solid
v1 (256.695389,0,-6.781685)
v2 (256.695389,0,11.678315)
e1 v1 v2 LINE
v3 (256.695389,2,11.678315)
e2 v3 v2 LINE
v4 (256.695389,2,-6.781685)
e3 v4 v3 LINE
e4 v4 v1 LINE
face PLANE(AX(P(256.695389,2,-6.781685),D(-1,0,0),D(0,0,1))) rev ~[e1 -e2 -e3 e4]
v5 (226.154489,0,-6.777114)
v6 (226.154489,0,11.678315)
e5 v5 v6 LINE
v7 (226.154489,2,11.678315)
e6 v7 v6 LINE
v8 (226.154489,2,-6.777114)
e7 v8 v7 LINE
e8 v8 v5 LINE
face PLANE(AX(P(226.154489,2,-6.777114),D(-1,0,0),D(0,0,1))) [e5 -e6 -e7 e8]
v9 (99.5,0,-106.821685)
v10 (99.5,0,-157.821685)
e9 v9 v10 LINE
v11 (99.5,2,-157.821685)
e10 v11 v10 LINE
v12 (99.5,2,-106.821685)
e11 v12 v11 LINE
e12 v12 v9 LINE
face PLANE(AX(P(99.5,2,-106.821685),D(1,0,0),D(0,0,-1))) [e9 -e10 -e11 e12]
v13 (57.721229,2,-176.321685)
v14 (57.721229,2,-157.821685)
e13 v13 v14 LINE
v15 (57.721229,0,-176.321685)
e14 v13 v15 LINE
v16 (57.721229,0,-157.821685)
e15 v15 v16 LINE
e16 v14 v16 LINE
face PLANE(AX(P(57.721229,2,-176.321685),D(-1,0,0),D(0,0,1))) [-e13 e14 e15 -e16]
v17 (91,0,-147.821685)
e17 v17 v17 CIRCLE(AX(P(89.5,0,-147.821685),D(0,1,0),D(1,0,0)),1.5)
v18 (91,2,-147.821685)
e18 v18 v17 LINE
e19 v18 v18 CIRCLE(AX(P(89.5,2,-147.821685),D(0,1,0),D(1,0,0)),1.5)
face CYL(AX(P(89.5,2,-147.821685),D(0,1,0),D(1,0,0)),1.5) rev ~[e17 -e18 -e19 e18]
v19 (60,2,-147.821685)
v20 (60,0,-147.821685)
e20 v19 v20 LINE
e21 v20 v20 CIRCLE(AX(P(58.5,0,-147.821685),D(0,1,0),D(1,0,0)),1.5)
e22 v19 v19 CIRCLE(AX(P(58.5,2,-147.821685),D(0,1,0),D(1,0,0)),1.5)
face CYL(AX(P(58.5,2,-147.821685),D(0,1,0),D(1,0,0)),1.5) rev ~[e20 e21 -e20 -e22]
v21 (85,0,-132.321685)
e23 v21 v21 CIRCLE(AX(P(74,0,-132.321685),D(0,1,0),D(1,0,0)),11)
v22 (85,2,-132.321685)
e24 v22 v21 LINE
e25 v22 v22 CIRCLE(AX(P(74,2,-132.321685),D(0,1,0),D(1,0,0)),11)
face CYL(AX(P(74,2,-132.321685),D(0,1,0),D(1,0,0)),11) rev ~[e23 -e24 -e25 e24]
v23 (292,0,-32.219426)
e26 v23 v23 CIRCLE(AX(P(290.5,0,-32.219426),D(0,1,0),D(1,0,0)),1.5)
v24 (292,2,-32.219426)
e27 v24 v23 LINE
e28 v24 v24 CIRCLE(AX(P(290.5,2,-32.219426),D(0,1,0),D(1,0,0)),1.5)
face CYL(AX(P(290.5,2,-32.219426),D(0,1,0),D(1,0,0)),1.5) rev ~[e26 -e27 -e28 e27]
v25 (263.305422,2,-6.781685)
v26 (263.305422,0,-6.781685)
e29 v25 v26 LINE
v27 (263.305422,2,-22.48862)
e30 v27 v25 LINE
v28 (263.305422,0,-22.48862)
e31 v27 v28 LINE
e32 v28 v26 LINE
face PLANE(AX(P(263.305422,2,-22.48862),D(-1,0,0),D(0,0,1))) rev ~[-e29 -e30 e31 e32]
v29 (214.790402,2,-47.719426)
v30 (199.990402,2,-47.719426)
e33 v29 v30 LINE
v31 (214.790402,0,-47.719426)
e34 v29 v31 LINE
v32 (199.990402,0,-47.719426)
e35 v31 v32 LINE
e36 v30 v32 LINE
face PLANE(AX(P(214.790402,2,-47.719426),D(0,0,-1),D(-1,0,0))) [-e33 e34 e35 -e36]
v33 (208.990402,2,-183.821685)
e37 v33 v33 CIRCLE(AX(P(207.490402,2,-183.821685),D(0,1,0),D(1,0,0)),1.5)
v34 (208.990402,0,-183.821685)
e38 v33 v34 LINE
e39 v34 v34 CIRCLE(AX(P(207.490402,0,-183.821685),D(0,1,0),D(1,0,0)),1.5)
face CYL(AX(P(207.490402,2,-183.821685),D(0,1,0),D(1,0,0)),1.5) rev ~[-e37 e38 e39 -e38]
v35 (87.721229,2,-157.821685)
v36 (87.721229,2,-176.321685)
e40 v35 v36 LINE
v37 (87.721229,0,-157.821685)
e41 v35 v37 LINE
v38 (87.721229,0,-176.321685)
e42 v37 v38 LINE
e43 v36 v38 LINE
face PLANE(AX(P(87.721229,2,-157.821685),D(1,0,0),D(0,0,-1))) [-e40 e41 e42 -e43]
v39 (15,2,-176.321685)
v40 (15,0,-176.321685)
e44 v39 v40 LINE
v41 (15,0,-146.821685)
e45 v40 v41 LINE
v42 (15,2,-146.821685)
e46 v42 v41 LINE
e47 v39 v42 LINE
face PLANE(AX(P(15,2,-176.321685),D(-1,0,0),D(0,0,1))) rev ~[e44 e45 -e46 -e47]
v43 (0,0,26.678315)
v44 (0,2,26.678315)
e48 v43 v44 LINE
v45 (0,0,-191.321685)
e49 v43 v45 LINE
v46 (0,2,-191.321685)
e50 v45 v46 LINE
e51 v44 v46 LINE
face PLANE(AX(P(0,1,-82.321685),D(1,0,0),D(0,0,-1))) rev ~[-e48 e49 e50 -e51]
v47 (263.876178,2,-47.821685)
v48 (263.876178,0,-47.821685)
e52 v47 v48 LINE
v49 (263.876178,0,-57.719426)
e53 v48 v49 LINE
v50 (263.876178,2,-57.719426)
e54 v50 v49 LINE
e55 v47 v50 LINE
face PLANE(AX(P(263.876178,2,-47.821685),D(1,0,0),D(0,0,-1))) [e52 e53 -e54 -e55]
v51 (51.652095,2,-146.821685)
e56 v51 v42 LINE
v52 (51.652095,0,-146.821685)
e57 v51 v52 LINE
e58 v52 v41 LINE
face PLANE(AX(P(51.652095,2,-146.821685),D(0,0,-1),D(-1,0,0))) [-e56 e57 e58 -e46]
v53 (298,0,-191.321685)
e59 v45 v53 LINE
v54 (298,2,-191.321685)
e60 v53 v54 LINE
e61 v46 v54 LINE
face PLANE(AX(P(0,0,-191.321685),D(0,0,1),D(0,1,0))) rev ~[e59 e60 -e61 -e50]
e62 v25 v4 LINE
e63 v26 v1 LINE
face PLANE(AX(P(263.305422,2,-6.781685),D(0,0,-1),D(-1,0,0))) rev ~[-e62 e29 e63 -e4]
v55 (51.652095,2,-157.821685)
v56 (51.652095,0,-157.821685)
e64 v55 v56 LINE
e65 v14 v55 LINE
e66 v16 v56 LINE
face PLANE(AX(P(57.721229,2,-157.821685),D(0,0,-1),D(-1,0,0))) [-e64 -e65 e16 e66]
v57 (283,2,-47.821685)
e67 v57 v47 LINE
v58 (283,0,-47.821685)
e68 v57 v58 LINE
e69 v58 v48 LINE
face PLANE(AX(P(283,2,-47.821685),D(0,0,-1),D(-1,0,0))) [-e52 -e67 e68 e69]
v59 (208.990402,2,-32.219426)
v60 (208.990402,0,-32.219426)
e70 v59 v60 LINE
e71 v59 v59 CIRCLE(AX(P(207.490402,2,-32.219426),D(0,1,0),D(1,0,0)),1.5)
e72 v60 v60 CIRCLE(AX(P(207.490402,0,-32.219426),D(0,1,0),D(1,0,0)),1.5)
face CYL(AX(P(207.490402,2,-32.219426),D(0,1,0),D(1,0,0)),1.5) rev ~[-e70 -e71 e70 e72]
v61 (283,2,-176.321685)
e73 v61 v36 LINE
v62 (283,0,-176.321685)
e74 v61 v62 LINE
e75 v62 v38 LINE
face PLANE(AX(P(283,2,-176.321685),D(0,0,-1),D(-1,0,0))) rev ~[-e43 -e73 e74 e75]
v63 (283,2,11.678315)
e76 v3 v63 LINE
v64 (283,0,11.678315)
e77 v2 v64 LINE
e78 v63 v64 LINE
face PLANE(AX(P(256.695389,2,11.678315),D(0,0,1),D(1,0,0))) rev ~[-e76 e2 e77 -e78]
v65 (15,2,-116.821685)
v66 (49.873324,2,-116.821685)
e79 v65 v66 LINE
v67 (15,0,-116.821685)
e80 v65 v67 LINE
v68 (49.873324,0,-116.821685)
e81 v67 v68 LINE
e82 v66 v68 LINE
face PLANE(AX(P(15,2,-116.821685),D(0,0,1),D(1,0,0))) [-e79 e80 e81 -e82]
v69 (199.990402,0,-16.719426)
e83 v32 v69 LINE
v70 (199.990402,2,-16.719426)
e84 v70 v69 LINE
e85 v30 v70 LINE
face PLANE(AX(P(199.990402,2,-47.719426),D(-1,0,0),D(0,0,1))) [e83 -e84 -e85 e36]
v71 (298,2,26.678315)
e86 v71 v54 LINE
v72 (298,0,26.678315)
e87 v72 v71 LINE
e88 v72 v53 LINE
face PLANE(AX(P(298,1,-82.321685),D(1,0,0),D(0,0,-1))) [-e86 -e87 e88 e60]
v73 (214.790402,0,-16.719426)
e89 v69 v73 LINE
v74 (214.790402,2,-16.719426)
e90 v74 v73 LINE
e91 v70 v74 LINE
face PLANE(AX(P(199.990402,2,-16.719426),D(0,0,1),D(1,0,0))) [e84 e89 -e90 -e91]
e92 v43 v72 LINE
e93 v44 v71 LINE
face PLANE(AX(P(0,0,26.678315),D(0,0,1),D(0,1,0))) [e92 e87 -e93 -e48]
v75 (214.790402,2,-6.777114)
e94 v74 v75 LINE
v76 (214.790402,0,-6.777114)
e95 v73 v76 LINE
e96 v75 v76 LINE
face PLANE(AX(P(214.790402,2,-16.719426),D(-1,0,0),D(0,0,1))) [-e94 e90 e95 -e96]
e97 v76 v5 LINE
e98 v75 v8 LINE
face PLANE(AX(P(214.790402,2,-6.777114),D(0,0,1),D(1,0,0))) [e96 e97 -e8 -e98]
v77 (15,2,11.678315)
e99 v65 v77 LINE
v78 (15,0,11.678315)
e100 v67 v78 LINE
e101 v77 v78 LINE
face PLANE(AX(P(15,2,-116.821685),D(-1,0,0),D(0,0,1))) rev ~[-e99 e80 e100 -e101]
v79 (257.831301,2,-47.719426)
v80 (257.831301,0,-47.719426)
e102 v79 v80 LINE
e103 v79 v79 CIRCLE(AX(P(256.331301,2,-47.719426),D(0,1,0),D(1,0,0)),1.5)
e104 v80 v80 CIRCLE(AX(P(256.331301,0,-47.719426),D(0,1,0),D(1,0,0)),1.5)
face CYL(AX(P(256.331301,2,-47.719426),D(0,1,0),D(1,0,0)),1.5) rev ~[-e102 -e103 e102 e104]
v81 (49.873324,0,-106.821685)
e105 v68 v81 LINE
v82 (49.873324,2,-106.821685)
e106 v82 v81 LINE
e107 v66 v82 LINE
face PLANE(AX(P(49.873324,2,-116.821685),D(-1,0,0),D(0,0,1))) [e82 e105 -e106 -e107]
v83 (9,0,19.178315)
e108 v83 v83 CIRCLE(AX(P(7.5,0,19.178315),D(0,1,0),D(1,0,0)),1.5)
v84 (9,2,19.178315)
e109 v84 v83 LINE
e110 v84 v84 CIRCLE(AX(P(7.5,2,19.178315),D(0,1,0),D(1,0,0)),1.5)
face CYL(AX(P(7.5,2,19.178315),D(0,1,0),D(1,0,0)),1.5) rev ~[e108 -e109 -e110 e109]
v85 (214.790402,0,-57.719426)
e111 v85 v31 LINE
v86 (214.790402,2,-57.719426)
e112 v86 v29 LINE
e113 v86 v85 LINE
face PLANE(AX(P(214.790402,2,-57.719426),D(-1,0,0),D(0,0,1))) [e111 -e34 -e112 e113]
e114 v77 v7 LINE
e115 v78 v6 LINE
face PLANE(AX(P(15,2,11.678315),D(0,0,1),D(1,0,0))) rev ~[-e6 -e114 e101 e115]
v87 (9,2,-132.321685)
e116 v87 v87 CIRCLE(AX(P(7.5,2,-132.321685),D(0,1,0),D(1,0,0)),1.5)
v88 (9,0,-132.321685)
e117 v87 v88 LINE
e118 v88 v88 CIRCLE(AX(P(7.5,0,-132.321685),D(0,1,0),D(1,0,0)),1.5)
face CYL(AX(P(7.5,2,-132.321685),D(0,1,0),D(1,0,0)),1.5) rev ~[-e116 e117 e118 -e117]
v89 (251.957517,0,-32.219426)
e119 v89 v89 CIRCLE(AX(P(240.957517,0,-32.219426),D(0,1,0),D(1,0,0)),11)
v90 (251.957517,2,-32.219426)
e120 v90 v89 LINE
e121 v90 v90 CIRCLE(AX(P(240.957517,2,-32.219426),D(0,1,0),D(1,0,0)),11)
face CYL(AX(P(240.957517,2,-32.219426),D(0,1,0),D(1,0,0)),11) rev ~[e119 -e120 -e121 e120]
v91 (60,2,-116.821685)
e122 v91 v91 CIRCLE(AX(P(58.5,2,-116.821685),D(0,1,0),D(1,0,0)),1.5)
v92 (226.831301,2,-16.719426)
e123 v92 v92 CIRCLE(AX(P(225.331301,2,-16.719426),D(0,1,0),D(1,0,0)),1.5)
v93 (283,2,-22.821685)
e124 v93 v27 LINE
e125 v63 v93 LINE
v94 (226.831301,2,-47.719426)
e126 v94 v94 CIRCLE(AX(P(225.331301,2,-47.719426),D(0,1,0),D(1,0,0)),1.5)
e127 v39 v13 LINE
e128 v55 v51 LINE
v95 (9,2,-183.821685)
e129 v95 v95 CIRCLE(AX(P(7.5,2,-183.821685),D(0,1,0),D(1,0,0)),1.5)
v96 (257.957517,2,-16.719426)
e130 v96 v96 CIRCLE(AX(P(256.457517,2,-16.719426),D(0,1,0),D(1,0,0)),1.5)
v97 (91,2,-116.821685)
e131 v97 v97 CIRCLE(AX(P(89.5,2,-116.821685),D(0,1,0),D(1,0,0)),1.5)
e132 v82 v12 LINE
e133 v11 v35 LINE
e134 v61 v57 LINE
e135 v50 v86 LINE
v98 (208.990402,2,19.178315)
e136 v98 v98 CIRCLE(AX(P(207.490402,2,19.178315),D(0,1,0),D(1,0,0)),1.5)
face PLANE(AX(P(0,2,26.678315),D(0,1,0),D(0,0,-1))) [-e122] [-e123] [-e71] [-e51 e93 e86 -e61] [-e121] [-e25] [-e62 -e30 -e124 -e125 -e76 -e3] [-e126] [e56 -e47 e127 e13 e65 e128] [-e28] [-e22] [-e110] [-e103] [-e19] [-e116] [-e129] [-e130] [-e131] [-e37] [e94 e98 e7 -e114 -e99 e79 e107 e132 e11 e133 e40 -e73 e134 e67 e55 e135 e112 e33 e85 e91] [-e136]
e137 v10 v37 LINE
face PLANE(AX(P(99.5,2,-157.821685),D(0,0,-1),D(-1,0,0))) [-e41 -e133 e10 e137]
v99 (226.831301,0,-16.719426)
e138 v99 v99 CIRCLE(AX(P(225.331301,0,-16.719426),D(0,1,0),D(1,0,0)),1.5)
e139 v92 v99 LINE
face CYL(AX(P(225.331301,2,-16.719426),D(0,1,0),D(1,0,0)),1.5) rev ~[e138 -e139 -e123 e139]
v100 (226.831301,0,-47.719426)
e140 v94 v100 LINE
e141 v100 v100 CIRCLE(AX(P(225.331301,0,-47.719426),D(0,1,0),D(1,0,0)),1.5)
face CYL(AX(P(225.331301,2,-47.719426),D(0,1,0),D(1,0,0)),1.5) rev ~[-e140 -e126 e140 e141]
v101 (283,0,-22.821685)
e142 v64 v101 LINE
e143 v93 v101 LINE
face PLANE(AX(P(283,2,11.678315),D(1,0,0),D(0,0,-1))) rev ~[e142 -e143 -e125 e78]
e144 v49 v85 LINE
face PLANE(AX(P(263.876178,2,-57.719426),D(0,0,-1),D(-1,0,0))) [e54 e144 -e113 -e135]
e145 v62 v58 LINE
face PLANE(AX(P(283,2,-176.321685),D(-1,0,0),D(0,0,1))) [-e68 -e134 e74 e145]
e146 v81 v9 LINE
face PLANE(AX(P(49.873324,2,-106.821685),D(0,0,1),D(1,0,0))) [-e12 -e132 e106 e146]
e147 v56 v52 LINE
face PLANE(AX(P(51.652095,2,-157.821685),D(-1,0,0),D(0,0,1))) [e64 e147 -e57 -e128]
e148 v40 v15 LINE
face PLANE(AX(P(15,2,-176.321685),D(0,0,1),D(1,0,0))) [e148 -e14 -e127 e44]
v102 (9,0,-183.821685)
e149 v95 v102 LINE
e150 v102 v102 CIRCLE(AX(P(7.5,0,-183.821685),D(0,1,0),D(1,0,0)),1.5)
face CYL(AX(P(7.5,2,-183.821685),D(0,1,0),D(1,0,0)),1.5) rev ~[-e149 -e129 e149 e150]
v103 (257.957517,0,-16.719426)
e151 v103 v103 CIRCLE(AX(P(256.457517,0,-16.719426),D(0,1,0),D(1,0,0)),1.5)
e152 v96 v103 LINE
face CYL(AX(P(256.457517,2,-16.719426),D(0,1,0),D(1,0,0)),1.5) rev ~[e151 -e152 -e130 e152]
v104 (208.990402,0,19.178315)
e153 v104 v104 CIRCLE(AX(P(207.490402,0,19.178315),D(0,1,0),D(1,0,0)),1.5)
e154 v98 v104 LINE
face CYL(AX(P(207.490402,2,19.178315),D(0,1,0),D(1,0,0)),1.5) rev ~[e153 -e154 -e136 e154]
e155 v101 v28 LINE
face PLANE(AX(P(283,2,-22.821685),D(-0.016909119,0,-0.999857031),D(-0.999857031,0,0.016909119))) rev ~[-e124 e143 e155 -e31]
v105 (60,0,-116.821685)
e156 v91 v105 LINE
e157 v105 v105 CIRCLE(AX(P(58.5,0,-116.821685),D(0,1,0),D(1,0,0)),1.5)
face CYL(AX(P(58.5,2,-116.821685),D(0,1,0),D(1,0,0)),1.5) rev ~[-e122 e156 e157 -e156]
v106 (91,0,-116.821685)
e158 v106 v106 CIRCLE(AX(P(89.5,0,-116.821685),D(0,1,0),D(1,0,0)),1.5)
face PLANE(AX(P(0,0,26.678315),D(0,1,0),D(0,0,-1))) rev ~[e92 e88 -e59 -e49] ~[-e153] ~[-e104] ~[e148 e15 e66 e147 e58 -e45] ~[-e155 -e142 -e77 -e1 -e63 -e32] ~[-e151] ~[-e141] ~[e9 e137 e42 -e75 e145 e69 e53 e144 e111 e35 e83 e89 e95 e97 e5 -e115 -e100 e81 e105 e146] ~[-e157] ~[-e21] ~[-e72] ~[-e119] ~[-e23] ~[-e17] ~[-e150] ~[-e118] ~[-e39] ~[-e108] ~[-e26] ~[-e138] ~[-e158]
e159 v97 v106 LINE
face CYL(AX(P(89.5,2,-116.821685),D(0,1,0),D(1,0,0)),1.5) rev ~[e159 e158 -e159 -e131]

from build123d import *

# Parameters (mm, degrees)
SKETCH1_W           = 218
SKETCH1_H           = 2
BOSS_EXTRUDE1_DEPTH = 298
SKETCH2_R           = 11
SKETCH2_R_2         = 1.5
CUT_EXTRUDE1_DEPTH  = 10


with BuildPart() as part:
    # Sketch1 → Boss-Extrude1 (new body)
    with BuildSketch(Plane(origin=(0, 0, 0), x_dir=(0, 0, -1), z_dir=(1, 0, 0))):
        with Locations((82.3216851, 1)):
            Rectangle(SKETCH1_W, SKETCH1_H)
    extrude(amount=BOSS_EXTRUDE1_DEPTH)

    # Sketch2 → Cut-Extrude1 (cut)
    with BuildSketch(Plane(origin=(0, 2, 0), x_dir=(1, 0, 0), z_dir=(0, 1, 0))):
        with Locations((74, 132.3216851)):
            Circle(SKETCH2_R)
        with Locations((89.5, 116.8216851)):
            Circle(SKETCH2_R_2)
        with Locations((58.5, 116.8216851)):
            Circle(SKETCH2_R_2)
        with Locations((89.5, 147.8216851)):
            Circle(SKETCH2_R_2)
        with Locations((58.5, 147.8216851)):
            Circle(SKETCH2_R_2)
        with Locations((256.33130124, 47.719426297)):
            Circle(SKETCH2_R_2)
        with Locations((256.457517214, 16.719426297)):
            Circle(SKETCH2_R_2)
        with Locations((225.33130124, 16.719426297)):
            Circle(SKETCH2_R_2)
        with Locations((225.33130124, 47.719426297)):
            Circle(SKETCH2_R_2)
        with Locations((240.957517214, 32.219426297)):
            Circle(SKETCH2_R)
        with Locations((290.5, 32.219426297)):
            Circle(SKETCH2_R_2)
        with Locations((7.5, 132.3216851)):
            Circle(SKETCH2_R_2)
        with Locations((207.490401532, 32.219426297)):
            Circle(SKETCH2_R_2)
        with Locations((207.490401532, 183.8216851)):
            Circle(SKETCH2_R_2)
        with Locations((207.490401532, -19.1783149)):
            Circle(SKETCH2_R_2)
        with Locations((7.5, -19.1783149)):
            Circle(SKETCH2_R_2)
        with Locations((7.5, 183.8216851)):
            Circle(SKETCH2_R_2)
        Polygon((15, 176.3216851), (57.721228679, 176.3216851), (57.721228679, 157.8216851), (51.65209525, 157.8216851), (51.65209525, 146.8216851), (15, 146.8216851), (15, 159.517007057), align=None)
        Polygon((149, -11.6783149), (104.471210326, -11.6783149), (15, -11.6783149), (15, 89.941809838), (15, 116.8216851), (49.873323929, 116.8216851), (49.873323929, 106.8216851), (99.5, 106.8216851), (99.5, 157.8216851), (87.721228679, 157.8216851), (87.721228679, 176.3216851), (101.200621078, 176.3216851), (149, 176.3216851), (283, 176.3216851), (283, 47.8216851), (263.876177895, 47.8216851), (263.876177895, 57.719426297), (214.790401532, 57.719426297), (214.790401532, 47.719426297), (199.990401532, 47.719426297), (199.990401532, 16.719426297), (214.790401532, 16.719426297), (214.790401532, 6.77711424), (226.154489119, 6.77711424), (226.154489119, -11.6783149), align=None)
        Polygon((283, -11.6783149), (283, 10.126363143), (283, 22.8216851), (263.305421964, 22.488619524), (263.305421964, 6.7816851), (256.695388827, 6.7816851), (256.695388827, -11.6783149), align=None)
    extrude(amount=-CUT_EXTRUDE1_DEPTH, mode=Mode.SUBTRACT)


solid = part.part
